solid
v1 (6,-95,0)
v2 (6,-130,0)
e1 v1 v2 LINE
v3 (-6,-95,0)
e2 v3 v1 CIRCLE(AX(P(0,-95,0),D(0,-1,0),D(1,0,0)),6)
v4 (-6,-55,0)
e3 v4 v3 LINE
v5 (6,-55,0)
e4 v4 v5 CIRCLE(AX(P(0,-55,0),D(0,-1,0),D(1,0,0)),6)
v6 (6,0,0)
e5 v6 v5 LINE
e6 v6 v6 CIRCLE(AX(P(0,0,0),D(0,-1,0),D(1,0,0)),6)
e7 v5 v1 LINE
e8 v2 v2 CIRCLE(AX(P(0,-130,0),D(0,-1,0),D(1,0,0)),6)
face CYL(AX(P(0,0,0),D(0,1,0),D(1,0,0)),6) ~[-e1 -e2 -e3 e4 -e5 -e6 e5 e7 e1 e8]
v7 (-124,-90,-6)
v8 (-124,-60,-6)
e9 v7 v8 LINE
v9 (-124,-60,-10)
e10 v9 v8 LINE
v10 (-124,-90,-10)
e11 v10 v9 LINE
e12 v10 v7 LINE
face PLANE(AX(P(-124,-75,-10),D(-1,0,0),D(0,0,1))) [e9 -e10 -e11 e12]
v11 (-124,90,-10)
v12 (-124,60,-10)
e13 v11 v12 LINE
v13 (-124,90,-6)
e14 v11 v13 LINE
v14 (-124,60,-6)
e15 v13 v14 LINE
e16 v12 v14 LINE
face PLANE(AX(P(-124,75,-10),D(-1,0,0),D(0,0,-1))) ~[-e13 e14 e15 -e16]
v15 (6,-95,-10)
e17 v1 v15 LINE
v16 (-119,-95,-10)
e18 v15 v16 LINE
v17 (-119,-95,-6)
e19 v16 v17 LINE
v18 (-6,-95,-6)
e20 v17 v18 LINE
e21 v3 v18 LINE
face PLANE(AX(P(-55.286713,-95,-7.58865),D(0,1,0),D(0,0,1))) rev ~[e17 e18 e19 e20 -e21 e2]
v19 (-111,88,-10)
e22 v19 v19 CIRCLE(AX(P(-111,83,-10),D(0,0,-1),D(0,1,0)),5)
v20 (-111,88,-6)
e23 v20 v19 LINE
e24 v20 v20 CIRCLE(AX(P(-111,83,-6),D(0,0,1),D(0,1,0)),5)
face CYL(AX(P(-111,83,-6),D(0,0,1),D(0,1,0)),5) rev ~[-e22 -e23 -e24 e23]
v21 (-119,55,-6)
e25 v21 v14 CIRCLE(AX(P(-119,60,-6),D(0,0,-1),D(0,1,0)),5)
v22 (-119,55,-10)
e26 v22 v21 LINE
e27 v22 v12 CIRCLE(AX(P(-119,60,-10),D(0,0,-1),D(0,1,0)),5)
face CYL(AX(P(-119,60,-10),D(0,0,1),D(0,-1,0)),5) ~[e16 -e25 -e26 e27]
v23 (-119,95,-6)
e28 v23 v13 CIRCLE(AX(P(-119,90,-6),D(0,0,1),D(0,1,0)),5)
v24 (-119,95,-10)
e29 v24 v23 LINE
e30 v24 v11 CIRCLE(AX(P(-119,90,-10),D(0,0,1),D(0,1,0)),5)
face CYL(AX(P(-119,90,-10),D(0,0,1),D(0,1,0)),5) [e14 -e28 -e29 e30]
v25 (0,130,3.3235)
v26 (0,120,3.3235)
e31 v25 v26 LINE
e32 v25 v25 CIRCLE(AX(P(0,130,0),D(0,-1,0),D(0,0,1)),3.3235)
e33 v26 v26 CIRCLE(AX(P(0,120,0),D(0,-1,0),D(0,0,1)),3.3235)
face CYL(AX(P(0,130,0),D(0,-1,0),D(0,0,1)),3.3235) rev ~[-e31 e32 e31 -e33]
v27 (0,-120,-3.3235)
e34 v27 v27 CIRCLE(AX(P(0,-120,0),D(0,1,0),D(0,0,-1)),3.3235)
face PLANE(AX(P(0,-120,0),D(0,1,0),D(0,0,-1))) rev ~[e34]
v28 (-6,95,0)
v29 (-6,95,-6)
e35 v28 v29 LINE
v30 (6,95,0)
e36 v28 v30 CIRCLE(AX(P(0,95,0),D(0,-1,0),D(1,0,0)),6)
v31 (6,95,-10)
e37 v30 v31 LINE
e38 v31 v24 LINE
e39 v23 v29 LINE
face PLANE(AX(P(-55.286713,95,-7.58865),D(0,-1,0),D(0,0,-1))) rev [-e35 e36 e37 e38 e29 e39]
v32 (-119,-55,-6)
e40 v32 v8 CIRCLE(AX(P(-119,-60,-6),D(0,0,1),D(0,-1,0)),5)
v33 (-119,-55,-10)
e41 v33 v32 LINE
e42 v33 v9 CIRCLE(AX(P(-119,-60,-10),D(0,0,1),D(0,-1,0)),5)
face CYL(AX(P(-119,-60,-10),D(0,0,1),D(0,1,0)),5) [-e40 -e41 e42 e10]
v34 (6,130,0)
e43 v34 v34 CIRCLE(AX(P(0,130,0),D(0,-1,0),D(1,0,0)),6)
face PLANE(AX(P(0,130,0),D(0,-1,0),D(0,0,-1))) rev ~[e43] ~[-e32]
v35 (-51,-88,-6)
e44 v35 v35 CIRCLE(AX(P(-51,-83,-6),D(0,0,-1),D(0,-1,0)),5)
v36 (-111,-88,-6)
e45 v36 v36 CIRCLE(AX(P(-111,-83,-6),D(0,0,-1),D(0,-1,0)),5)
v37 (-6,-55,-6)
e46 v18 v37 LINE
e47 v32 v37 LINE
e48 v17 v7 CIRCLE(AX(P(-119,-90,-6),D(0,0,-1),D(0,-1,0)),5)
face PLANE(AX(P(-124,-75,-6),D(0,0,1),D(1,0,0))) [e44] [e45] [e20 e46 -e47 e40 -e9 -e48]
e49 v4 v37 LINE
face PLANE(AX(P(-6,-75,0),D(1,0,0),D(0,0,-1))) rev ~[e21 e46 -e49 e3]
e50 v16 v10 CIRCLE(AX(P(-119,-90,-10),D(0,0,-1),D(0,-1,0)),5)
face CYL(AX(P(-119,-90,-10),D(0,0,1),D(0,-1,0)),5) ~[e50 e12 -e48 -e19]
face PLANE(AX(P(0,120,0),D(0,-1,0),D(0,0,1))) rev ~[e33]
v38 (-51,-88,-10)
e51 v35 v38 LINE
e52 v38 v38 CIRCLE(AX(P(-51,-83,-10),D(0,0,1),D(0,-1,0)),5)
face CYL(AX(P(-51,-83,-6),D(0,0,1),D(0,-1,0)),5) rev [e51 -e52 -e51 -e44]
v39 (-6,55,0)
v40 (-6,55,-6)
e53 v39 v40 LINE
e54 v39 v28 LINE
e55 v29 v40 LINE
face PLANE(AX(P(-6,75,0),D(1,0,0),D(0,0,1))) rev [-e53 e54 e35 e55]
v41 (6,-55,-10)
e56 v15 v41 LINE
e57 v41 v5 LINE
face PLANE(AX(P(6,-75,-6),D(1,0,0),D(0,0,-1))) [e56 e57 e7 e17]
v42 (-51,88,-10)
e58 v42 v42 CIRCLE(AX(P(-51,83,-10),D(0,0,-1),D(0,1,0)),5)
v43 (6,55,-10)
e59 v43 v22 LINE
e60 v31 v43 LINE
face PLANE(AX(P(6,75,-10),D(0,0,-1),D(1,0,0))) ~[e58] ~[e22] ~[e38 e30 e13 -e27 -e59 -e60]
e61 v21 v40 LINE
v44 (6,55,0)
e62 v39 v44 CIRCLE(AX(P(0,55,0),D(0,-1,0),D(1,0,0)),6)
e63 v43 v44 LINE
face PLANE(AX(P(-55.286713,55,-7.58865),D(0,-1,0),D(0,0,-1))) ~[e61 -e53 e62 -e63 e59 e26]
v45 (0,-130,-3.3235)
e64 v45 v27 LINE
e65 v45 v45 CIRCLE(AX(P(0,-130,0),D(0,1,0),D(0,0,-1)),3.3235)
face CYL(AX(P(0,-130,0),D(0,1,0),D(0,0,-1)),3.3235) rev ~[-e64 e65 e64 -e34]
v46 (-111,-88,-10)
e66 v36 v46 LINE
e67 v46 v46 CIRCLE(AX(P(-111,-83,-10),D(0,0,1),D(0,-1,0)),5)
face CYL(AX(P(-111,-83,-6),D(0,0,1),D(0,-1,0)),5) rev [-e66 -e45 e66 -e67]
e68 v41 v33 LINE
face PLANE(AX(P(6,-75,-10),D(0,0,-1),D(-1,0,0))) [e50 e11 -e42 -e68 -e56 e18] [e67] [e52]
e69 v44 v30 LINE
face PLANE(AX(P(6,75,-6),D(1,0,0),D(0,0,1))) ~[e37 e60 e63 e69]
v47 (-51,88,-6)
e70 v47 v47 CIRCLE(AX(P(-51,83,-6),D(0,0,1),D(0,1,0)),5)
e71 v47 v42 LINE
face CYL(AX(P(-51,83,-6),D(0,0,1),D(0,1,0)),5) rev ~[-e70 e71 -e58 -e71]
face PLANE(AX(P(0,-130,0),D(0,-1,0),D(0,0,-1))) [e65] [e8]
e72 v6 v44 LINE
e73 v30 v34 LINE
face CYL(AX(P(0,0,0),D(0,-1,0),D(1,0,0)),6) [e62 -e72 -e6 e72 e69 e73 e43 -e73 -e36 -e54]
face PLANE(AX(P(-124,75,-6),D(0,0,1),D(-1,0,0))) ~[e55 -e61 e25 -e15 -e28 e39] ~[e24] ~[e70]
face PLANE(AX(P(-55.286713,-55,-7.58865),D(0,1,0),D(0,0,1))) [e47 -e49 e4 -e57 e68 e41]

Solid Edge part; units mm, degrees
sketch "Sketch1" plane through (0, 0, 0) normal (0, -1, 0) x (1, 0, 0)
  circle A0 centre (0, 0) radius 6
extrude "Protrusion1" add sketch "Sketch1" along normal mid plane 260
hole "Hole_1" at (0, -130, 0) direction (0, 1, 0) diameter 6.647 depth 10
hole "Hole_2" at (0, 130, 0) direction (0, -1, 0) diameter 6.647 depth 10
sketch "Sketch2" plane through (0, -75, 0) normal (0, -1, 0) x (1, 0, 0)
  line L0 (6, -6) -> (6, -10)
  line L1 (6, -10) -> (-124, -10)
  line L2 (-124, -10) -> (-124, -6)
  line L3 (-124, -6) -> (-6, -6)
  line L4 (-6, 0) -> (-6, -6)
  line L5 (6, 0) -> (6, -6)
  arc A0 (-6, 0) -> (6, 0) centre (0, 0) ccw
extrude "ExtrudedProtrusion_2" add sketch "Sketch2" along normal mid plane 40
fillet "Round_1" radius 5 2 edges at (-124, -95, -8) (-124, -55, -8)
hole "Hole_7" at (-111, -83, -6) direction (0, 0, -1) diameter 10 end up to next
hole "Hole1" at (-51, -83, -6) direction (0, 0, -1) diameter 10 end up to next
mirror "Mirror1" about plane through (0, 0, 0) normal (0, -1, 0) of "ExtrudedProtrusion_2", "Round_1", "Hole_7", "Hole1"
